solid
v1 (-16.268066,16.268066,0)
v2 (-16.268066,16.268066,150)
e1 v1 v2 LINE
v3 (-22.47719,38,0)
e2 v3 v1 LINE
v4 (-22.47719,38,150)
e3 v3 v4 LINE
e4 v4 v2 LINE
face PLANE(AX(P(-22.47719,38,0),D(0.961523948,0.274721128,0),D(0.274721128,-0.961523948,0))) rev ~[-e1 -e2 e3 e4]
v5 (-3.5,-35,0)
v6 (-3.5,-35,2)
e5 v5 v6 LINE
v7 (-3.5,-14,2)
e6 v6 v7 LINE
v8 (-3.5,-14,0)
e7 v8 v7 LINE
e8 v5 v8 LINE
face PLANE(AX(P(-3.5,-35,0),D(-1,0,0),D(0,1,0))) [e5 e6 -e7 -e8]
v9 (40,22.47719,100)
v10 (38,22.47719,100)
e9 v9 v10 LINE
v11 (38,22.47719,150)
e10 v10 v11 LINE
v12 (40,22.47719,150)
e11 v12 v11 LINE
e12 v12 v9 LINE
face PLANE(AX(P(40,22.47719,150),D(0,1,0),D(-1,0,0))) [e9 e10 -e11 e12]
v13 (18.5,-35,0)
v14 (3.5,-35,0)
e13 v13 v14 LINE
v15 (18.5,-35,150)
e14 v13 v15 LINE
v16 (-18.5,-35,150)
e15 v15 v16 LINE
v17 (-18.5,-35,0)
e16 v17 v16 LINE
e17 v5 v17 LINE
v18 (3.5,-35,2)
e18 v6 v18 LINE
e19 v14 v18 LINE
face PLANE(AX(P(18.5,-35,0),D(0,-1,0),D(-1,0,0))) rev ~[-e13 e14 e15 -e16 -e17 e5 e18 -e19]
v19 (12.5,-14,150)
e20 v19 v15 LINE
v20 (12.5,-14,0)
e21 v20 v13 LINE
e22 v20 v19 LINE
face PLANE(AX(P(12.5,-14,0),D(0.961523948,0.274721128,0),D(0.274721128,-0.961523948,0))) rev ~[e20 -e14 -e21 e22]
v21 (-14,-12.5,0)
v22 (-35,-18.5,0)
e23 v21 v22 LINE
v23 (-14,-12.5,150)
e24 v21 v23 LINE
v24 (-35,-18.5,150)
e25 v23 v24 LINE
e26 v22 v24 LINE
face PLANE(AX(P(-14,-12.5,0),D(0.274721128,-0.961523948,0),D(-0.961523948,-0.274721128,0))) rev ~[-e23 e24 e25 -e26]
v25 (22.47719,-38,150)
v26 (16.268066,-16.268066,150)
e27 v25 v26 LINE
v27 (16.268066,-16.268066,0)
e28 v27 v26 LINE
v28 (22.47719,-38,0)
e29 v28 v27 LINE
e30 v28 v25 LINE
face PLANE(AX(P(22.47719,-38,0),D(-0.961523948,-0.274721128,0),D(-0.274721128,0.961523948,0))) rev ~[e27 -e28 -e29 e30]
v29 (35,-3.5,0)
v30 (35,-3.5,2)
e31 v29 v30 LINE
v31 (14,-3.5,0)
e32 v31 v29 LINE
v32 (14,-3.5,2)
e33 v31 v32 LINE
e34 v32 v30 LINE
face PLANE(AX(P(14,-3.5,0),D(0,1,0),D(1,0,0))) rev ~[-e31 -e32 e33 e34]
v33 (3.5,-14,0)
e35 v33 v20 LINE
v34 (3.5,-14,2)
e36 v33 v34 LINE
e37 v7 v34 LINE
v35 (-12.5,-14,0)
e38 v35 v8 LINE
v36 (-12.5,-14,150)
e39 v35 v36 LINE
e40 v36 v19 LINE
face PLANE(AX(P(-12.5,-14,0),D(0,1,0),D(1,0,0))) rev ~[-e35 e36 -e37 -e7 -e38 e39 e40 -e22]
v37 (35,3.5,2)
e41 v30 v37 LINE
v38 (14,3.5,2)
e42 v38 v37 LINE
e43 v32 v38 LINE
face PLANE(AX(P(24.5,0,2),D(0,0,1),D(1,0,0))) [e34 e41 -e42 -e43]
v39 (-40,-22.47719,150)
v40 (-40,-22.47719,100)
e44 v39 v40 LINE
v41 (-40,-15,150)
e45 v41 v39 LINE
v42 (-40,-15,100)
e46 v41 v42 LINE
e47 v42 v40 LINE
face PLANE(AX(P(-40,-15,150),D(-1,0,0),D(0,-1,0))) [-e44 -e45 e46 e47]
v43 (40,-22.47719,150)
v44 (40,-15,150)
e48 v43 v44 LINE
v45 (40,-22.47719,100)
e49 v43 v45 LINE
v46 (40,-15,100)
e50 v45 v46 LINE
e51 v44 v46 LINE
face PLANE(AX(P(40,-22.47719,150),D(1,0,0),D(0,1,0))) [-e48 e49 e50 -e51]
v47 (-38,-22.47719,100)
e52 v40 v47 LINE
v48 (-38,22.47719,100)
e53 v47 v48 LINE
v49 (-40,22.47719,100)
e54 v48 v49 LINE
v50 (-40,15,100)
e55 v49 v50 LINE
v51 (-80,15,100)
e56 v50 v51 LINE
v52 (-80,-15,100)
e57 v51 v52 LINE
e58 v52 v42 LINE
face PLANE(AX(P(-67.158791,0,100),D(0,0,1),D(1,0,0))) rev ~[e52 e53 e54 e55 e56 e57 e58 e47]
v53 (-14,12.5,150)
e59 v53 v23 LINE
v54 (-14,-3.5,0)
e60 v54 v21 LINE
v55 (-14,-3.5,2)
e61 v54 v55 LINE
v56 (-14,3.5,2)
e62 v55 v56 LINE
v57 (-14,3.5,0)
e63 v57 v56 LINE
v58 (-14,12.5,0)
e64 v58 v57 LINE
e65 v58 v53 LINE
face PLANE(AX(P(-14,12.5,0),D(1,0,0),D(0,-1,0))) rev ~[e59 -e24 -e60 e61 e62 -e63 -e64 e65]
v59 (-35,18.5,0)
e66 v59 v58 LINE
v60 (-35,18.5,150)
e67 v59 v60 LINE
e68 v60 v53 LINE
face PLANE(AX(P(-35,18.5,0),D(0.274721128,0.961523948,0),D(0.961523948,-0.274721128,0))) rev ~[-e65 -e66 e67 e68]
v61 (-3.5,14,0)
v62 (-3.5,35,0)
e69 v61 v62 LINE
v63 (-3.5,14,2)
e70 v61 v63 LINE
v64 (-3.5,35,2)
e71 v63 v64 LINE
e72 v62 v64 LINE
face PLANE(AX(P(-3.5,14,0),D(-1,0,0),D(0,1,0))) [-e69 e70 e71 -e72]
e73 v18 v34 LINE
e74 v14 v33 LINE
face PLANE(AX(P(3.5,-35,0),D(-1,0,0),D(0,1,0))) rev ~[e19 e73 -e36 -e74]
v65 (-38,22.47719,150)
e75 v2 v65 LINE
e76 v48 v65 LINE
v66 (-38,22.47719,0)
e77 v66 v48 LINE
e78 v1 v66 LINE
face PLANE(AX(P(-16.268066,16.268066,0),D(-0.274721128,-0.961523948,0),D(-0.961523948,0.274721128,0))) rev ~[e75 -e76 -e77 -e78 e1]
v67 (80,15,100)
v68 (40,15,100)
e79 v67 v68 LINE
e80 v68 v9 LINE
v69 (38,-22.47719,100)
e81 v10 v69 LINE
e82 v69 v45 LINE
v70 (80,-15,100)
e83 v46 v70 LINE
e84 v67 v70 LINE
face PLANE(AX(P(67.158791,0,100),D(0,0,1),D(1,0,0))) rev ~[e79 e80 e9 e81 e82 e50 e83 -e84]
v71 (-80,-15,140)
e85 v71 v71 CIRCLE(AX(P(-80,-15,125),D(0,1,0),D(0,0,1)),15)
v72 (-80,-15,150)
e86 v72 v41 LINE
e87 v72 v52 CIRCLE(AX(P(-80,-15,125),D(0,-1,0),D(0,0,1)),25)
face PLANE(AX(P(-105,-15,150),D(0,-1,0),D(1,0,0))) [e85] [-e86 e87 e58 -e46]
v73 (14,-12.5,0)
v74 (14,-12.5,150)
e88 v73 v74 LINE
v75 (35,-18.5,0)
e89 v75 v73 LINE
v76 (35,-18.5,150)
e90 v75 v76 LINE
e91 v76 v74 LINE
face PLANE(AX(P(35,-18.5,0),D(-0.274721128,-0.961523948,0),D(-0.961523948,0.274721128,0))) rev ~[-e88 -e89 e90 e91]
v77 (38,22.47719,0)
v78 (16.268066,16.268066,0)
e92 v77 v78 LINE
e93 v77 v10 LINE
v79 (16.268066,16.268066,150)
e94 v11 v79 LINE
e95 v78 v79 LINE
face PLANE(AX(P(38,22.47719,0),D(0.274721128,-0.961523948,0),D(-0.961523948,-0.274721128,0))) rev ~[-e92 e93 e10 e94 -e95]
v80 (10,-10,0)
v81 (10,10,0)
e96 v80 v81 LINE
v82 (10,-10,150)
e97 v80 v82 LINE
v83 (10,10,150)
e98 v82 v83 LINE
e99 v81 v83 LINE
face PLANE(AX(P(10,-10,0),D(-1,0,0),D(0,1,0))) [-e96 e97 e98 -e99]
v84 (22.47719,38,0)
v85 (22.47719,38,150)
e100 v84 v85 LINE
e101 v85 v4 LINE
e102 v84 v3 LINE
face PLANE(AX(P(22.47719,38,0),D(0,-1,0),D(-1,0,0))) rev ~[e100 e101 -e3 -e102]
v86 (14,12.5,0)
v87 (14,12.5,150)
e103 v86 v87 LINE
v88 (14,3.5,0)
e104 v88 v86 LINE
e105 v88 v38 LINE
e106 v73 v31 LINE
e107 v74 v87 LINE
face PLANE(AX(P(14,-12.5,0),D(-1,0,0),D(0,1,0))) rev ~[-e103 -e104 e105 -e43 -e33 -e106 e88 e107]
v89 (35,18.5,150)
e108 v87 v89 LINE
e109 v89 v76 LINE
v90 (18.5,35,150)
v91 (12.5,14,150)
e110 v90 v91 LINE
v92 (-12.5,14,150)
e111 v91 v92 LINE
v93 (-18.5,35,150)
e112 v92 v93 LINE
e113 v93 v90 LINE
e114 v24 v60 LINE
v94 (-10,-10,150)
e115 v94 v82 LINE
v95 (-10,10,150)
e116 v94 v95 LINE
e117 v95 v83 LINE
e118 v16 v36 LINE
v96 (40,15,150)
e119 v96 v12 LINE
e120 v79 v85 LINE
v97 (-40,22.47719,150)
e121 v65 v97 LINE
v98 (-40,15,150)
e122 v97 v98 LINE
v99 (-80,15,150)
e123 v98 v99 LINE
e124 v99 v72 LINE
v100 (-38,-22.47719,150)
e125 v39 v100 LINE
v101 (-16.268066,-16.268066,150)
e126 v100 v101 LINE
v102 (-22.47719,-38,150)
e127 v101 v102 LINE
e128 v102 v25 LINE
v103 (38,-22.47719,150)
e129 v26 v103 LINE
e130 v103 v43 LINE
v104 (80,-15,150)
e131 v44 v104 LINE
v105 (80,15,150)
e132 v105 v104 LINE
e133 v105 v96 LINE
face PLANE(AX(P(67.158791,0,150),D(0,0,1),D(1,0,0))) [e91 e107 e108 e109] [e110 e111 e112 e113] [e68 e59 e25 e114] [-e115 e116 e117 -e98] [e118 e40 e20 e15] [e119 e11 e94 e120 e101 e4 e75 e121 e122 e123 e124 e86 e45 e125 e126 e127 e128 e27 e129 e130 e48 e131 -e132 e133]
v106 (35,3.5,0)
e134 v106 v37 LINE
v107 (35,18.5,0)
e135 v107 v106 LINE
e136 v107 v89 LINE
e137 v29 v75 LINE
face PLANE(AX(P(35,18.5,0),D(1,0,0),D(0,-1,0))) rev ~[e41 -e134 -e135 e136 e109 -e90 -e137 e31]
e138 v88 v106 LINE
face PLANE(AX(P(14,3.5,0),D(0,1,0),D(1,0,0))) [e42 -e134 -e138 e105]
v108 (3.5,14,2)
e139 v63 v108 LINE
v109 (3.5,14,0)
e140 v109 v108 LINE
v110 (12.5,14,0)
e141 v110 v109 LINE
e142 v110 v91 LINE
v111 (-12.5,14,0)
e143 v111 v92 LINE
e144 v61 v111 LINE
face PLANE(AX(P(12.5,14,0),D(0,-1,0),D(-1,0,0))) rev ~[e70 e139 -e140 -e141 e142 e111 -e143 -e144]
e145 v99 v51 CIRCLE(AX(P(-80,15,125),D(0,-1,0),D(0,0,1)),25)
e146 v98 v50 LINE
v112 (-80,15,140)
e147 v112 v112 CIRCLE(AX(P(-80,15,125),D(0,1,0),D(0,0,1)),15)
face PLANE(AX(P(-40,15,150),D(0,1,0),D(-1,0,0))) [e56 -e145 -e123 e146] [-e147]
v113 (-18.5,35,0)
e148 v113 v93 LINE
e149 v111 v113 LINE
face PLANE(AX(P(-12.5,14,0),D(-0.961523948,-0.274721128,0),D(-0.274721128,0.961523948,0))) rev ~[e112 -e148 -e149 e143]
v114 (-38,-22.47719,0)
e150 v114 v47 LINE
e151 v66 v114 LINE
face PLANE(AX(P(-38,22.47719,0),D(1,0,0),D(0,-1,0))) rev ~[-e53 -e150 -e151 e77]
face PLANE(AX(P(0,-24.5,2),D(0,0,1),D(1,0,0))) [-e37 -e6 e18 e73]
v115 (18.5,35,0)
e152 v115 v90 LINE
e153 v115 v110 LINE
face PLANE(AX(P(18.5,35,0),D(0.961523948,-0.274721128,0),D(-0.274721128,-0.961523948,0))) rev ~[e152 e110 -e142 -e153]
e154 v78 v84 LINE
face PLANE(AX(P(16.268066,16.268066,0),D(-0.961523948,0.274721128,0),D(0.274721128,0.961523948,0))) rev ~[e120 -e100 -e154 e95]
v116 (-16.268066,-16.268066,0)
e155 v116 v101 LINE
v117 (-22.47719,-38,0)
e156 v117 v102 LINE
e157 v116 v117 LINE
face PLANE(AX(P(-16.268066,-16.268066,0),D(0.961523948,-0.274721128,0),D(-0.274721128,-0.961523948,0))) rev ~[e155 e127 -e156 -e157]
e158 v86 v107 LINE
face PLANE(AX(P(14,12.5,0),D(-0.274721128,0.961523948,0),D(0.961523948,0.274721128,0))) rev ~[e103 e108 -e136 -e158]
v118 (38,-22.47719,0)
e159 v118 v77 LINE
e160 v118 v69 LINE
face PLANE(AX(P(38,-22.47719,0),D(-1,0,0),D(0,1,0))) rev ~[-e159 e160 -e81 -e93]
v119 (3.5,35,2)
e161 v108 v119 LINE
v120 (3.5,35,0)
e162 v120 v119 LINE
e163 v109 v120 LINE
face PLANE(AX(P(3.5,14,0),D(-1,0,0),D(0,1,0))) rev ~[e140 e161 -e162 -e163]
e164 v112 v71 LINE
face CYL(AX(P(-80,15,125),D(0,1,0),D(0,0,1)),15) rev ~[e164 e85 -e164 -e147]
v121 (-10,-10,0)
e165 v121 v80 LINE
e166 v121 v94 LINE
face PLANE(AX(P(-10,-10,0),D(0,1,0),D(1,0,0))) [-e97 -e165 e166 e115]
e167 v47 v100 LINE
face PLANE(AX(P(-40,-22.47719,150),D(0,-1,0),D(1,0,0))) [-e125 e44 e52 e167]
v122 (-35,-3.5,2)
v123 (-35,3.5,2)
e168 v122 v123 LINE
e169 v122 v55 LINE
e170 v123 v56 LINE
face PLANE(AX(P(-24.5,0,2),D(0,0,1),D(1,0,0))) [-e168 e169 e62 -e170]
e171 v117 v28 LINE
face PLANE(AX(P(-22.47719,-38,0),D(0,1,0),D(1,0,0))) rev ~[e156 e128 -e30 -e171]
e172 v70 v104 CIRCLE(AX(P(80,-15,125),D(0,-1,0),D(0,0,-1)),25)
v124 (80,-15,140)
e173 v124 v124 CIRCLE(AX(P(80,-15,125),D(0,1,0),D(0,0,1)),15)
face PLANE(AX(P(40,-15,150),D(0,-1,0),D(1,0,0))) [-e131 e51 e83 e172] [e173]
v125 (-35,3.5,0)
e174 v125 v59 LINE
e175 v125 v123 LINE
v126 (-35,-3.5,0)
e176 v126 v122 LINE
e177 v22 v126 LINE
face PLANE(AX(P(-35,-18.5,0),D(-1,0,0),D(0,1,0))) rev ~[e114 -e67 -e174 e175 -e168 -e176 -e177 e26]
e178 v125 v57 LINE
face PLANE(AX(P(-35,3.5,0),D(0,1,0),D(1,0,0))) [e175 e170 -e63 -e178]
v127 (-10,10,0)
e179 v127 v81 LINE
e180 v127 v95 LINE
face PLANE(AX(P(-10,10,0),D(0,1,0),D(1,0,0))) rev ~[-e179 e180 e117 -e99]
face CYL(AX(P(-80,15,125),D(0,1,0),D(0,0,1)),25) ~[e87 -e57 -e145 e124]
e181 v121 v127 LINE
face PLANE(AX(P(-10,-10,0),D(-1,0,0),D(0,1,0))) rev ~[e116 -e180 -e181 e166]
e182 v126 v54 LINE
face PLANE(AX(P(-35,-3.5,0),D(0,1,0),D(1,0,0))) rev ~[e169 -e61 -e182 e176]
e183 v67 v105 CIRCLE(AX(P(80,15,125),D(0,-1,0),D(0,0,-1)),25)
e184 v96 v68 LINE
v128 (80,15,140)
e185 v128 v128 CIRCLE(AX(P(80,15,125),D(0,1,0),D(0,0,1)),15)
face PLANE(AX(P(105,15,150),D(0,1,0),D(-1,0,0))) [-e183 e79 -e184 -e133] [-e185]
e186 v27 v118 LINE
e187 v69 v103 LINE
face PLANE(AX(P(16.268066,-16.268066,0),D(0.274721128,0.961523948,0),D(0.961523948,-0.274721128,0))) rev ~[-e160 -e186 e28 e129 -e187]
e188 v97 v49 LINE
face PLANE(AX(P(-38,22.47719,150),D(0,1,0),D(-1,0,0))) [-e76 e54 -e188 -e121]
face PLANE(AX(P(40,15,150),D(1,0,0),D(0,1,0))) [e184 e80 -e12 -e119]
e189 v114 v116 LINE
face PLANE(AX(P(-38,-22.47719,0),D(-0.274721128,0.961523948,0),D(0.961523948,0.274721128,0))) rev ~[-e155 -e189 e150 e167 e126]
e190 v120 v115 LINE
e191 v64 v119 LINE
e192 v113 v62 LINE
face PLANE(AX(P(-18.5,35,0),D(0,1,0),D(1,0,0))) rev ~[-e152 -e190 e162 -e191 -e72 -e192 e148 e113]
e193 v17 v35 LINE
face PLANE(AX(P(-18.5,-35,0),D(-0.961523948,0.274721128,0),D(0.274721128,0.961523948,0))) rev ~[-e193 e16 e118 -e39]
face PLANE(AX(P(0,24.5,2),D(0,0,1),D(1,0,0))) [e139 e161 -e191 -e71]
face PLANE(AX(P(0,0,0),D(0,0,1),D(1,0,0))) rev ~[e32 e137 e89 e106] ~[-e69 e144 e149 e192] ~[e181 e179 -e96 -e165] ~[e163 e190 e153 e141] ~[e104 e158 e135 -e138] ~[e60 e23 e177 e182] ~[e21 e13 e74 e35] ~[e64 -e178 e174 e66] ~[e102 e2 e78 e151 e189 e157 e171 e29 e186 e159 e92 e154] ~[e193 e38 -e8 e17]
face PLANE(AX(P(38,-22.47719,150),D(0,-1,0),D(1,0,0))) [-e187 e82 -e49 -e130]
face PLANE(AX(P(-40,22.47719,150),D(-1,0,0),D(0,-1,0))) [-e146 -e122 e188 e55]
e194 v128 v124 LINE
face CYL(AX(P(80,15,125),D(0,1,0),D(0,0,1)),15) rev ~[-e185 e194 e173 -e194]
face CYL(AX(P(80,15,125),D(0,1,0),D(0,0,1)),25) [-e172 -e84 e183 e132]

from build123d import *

# Parameters (mm, degrees)
SKETCH1_W           = 20
SKETCH1_H           = 20
BOSS_EXTRUDE1_DEPTH = 150
SKETCH2_W           = 7
SKETCH2_H           = 21
SKETCH2_W_2         = 21
SKETCH2_H_2         = 7
BOSS_EXTRUDE2_DEPTH = 2
BOSS_EXTRUDE3_DEPTH = 50
SKETCH4_R           = 15
CUT_EXTRUDE1_DEPTH  = 50


with BuildPart() as part:
    # Sketch1 → Boss-Extrude1 (new body)
    with BuildSketch(Plane.XY):
        Polygon((22.477189953, 38), (-22.477189953, 38), (-16.268065934, 16.268065934), (-38, 22.477189953), (-38, -22.477189953), (-16.268065934, -16.268065934), (-22.477189953, -38), (22.477189953, -38), (16.268065934, -16.268065934), (38, -22.477189953), (38, 22.477189953), (16.268065934, 16.268065934), align=None)
        Polygon((12.5, 14), (-12.5, 14), (-18.5, 35), (18.5, 35), align=None, mode=Mode.SUBTRACT)
        Rectangle(SKETCH1_W, SKETCH1_H, mode=Mode.SUBTRACT)
        Polygon((14, -12.5), (14, 12.5), (35, 18.5), (35, -18.5), align=None, mode=Mode.SUBTRACT)
        Polygon((-12.5, -14), (12.5, -14), (18.5, -35), (-18.5, -35), align=None, mode=Mode.SUBTRACT)
        Polygon((-14, 12.5), (-14, -12.5), (-35, -18.5), (-35, 18.5), align=None, mode=Mode.SUBTRACT)
    extrude(amount=BOSS_EXTRUDE1_DEPTH)

    # Sketch2 → Boss-Extrude2 (add)
    with BuildSketch(Plane.XY):
        with Locations((0, 24.5)):
            Rectangle(SKETCH2_W, SKETCH2_H)
        with Locations((24.5, 0)):
            Rectangle(SKETCH2_W_2, SKETCH2_H_2)
        with Locations((0, -24.5)):
            Rectangle(SKETCH2_W, SKETCH2_H)
        with Locations((-24.5, 0)):
            Rectangle(SKETCH2_W_2, SKETCH2_H_2)
    extrude(amount=BOSS_EXTRUDE2_DEPTH)

    # Sketch3 → Boss-Extrude3 (add)
    with BuildSketch(Plane.XY.offset(150)):
        Polygon((40, -22.477189953), (40, -15), (105, -15), (105, 15), (40, 15), (40, 22.477189953), (38, 22.477189953), (38, -22.477189953), align=None)
        Polygon((-38, 22.477189953), (-40, 22.477189953), (-40, 15), (-105, 15), (-105, -15), (-40, -15), (-40, -22.477189953), (-38, -22.477189953), align=None)
    extrude(amount=-BOSS_EXTRUDE3_DEPTH)

    # Sketch4 → Cut-Extrude1 (cut)
    with BuildSketch(Plane(origin=(0, 15, 0), x_dir=(1, 0, 0), z_dir=(0, 1, 0))):
        with Locations(Location((80, -125, 0), (0, 0, 270))):
            Circle(SKETCH4_R)
        with Locations(Location((-80, -125, 0), (0, 0, 270))):
            Circle(SKETCH4_R)
        with BuildLine():
            Line((80, -100), (80, -91.906284046))
            Line((80, -91.906284046), (116.237187359, -91.906284046))
            Line((116.237187359, -91.906284046), (116.237187359, -153.794533515))
            Line((116.237187359, -153.794533515), (80, -153.794533515))
            Line((80, -153.794533515), (80, -150))
            ThreePointArc((80, -150), (105, -125), (80, -100))
        make_face()
        with BuildLine():
            Line((-80, -153.794533515), (-80, -150))
            ThreePointArc((-80, -150), (-105, -125), (-80, -100))
            Line((-80, -100), (-80, -91.906284046))
            Line((-80, -91.906284046), (-116.237187359, -91.906284046))
            Line((-116.237187359, -91.906284046), (-116.237187359, -153.794533515))
            Line((-116.237187359, -153.794533515), (-80, -153.794533515))
        make_face()
    extrude(amount=-CUT_EXTRUDE1_DEPTH, mode=Mode.SUBTRACT)


solid = part.part
